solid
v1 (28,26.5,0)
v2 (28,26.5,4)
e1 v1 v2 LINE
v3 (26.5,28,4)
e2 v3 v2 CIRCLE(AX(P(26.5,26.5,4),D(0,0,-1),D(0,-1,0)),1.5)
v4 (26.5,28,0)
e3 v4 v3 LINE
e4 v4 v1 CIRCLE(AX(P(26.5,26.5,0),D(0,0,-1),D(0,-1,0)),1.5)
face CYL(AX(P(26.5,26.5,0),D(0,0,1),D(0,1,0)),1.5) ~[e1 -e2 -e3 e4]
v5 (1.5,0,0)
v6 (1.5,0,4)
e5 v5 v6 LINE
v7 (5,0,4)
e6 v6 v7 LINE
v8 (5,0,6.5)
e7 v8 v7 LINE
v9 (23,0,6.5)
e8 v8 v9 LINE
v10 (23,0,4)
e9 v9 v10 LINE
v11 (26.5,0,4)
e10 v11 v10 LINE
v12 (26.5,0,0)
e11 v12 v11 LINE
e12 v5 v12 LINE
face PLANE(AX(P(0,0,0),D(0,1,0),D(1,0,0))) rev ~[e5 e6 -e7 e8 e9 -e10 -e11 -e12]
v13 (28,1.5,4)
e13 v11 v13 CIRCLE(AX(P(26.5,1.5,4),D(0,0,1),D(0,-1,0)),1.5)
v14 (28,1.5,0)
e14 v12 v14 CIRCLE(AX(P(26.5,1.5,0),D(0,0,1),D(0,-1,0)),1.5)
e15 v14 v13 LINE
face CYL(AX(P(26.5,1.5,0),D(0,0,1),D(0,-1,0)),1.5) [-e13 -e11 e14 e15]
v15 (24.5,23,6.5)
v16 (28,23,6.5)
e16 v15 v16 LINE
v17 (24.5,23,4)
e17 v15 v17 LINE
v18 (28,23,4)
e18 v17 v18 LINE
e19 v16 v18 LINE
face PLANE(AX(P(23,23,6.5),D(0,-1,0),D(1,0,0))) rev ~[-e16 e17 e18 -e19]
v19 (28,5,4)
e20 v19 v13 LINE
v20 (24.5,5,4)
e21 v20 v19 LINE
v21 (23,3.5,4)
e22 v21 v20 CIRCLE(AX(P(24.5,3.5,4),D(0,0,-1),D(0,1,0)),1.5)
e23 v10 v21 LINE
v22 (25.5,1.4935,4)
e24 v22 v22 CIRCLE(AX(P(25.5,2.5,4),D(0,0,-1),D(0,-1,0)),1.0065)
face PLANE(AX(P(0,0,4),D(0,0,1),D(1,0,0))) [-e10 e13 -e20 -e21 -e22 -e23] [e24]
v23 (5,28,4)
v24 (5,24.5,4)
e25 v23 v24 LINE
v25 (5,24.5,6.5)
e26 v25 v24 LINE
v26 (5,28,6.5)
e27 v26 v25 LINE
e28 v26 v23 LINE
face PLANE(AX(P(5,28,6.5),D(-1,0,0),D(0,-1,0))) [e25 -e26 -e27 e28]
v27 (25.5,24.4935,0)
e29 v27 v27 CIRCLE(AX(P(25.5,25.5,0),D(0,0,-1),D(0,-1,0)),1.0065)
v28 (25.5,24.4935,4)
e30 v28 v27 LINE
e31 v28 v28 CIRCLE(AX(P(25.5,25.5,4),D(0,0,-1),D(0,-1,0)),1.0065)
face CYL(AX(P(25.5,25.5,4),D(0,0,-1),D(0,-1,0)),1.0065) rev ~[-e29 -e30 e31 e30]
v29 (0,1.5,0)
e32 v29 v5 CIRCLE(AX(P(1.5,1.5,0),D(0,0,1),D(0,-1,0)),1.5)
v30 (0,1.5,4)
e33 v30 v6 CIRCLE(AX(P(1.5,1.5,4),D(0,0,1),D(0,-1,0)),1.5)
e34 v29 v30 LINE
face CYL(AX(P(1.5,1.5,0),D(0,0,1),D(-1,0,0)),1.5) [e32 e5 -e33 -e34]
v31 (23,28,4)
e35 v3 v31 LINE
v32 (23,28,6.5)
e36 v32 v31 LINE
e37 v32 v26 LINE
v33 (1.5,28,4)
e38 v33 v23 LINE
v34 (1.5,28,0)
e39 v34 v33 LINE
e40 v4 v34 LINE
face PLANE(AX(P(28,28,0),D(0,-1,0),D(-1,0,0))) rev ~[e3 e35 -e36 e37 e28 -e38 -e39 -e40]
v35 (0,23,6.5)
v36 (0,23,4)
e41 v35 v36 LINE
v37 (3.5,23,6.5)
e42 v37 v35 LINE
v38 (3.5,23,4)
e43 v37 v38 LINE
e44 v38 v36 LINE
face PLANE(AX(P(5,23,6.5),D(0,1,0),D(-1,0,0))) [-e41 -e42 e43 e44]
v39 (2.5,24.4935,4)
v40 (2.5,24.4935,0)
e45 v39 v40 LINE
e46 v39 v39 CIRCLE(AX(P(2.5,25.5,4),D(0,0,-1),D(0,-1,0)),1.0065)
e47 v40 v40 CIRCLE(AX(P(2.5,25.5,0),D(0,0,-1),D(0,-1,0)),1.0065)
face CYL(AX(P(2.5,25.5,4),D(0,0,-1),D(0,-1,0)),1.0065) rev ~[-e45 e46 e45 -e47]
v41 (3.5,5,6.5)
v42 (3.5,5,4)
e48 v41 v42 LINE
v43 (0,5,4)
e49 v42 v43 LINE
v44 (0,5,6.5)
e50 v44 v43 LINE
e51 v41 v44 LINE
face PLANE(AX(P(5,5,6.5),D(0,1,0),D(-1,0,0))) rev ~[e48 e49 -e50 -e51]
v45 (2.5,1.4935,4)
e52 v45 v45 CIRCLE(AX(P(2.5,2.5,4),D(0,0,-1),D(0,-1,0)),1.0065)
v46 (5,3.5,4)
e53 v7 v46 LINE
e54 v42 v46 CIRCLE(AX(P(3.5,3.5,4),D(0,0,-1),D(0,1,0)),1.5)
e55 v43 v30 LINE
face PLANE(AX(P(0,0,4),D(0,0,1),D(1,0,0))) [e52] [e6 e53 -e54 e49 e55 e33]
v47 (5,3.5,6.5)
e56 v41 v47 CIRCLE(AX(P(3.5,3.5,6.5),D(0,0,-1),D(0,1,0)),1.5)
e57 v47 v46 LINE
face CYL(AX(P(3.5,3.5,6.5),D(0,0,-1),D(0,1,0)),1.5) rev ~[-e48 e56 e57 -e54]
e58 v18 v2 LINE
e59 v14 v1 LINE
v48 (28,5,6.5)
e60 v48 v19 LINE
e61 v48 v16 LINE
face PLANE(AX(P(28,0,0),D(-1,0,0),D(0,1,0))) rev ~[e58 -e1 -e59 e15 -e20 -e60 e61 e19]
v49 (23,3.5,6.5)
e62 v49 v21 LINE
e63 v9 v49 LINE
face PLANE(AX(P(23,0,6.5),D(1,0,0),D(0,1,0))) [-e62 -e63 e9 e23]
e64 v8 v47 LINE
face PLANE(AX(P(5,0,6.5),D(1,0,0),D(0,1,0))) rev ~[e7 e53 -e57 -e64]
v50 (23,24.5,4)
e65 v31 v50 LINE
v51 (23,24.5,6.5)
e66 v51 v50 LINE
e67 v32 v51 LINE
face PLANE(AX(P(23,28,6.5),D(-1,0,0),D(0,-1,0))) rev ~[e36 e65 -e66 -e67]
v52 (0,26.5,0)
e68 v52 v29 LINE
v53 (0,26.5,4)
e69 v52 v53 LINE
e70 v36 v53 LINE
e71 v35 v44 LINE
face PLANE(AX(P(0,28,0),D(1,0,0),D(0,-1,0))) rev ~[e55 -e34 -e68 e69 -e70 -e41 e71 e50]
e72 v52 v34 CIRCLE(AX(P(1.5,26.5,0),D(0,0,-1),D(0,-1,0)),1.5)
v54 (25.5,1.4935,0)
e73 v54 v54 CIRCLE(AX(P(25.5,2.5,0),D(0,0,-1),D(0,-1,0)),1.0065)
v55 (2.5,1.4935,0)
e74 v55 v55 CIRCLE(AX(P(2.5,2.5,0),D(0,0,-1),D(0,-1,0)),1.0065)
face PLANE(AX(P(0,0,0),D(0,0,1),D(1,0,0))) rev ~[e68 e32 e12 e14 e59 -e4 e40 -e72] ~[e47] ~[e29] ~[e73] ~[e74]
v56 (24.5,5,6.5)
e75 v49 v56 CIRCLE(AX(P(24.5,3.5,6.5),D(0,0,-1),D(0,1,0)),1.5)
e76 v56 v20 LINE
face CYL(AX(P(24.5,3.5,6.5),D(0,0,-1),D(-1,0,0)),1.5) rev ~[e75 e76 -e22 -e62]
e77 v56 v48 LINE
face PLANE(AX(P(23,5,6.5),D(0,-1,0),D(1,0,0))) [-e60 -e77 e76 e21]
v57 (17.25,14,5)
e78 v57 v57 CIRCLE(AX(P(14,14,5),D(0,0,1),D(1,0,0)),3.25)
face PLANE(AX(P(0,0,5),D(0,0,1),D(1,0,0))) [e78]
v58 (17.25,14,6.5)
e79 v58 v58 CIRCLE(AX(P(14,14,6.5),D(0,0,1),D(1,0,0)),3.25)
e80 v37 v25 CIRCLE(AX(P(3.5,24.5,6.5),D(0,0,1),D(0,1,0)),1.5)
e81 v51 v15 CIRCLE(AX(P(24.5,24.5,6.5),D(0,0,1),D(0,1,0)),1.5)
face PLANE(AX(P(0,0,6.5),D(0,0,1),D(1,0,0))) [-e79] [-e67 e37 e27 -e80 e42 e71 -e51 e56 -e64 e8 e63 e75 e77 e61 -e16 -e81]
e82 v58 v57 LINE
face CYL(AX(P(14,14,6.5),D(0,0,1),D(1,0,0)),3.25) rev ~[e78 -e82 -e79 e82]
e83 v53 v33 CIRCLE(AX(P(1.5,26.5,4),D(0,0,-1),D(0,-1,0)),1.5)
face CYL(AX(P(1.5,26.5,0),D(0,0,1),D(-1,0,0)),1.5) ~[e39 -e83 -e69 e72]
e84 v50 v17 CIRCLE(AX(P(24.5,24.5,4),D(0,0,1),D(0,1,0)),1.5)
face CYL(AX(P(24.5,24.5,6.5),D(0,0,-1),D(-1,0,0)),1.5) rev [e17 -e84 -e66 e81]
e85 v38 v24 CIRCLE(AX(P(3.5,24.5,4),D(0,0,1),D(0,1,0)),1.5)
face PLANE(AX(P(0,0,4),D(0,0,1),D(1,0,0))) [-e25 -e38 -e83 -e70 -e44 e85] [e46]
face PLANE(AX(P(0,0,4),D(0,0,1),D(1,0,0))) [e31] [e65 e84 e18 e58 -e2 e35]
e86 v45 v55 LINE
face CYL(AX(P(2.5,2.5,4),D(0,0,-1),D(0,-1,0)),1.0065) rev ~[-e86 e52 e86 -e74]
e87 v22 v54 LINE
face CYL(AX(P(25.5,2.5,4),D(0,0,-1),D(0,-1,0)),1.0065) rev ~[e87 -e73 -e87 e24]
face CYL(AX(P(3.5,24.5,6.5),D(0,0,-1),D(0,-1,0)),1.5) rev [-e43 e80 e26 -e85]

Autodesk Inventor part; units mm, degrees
ref_plane "YZ Plane" through (0, 0, 0) normal (1, 0, 0) x (0, 1, 0)
ref_plane "XZ Plane" through (0, 0, 0) normal (0, 1, 0) x (-1, 0, 0)
ref_plane "XY Plane" through (0, 0, 0) normal (0, 0, 1) x (1, 0, 0)
sketch "Sketch1" plane through (0, 0, 0) normal (0, 0, 1) x (1, 0, 0)
  line L0 (0, 0) -> (28, 0)
  line L1 (28, 0) -> (28, 28)
  line L2 (28, 28) -> (0, 28)
  line L3 (0, 28) -> (0, 0)
  dimension "d0" = 28
  dimension "d1" = 28
extrude "Extrusion1" add sketch "Sketch1" along normal blind 6.5
sketch "Sketch6" plane through (0, 0, 6.5) normal (0, 0, 1) x (1, 0, 0)
  line L0 (0, 0) -> (5, 0)
  line L1 (5, 0) -> (5, 5)
  line L2 (5, 5) -> (0, 5)
  line L3 (0, 5) -> (0, 0)
  line L4 (23, 5) -> (28, 5)
  line L5 (28, 5) -> (28, 0)
  line L6 (28, 0) -> (23, 0)
  line L7 (23, 0) -> (23, 5)
  line L8 (0, 28) -> (5, 28)
  line L9 (5, 28) -> (5, 23)
  line L10 (5, 23) -> (0, 23)
  line L11 (0, 23) -> (0, 28)
  line L12 (28, 28) -> (23, 28)
  line L13 (23, 28) -> (23, 23)
  line L14 (23, 23) -> (28, 23)
  line L15 (28, 23) -> (28, 28)
  dimension "d28" = 5
  dimension "d29" = 5
  dimension "d30" = 5
  dimension "d31" = 5
  dimension "d32" = 5
extrude "Extrusion4" cut sketch "Sketch6" against normal blind 2.5
fillet "Fillet2" radius 1.5 8 edges at (0, 0, 2) (5, 5, 5.25) (0, 28, 2) (5, 23, 5.25) (23, 23, 5.25) (28, 28, 2) (23, 5, 5.25) (28, 0, 2)
sketch "Sketch7" plane through (0, 0, 4) normal (0, 0, 1) x (1, 0, 0)
  line L0 (0, 23) -> (0, 26.5) projected
  line L1 (1.5, 28) -> (5, 28) projected
  line L2 (5, 0) -> (1.5, 0) projected
  line L3 (28, 23) -> (28, 5) projected
  line L4 (0, 1.5) -> (0, 5) projected
  line L5 (5, 28) -> (23, 28) projected
  line L6 (23, 0) -> (5, 0) projected
  point P0 (2.5, 25.5)
  point P1 (2.5, 2.5)
  point P2 (25.5, 25.5)
  point P3 (25.5, 2.5)
  dimension "d36" = 2.5
  dimension "d37" = 2.5
  dimension "d38" = 2.5
  dimension "d39" = 2.5
  dimension "d52" = 2.5
  dimension "d53" = 2.5
  dimension "d54" = 2.5
  dimension "d55" = 2.5
hole "Hole2" at (2.5, 25.5, 4) at (2.5, 2.5, 4) at (25.5, 25.5, 4) at (25.5, 2.5, 4) direction (0, 0, -1) diameter 2.013 end through all thread size "M2.5x0.45" class "6H" standard "ANSI Metric M Profile"
sketch "Sketch8" plane through (0, 0, 6.5) normal (0, 0, 1) x (1, 0, 0)
  line L0 (5, 28) -> (23, 28) projected
  line L1 (0, 5) -> (0, 23) projected
  circle A0 centre (14, 14) radius 3.25
  dimension "d47" = 6.5
  dimension "d48" = 14
  dimension "d49" = 14
extrude "Extrusion5" cut sketch "Sketch8" against normal blind 1.5
properties part number "stepper_bottom_28"
